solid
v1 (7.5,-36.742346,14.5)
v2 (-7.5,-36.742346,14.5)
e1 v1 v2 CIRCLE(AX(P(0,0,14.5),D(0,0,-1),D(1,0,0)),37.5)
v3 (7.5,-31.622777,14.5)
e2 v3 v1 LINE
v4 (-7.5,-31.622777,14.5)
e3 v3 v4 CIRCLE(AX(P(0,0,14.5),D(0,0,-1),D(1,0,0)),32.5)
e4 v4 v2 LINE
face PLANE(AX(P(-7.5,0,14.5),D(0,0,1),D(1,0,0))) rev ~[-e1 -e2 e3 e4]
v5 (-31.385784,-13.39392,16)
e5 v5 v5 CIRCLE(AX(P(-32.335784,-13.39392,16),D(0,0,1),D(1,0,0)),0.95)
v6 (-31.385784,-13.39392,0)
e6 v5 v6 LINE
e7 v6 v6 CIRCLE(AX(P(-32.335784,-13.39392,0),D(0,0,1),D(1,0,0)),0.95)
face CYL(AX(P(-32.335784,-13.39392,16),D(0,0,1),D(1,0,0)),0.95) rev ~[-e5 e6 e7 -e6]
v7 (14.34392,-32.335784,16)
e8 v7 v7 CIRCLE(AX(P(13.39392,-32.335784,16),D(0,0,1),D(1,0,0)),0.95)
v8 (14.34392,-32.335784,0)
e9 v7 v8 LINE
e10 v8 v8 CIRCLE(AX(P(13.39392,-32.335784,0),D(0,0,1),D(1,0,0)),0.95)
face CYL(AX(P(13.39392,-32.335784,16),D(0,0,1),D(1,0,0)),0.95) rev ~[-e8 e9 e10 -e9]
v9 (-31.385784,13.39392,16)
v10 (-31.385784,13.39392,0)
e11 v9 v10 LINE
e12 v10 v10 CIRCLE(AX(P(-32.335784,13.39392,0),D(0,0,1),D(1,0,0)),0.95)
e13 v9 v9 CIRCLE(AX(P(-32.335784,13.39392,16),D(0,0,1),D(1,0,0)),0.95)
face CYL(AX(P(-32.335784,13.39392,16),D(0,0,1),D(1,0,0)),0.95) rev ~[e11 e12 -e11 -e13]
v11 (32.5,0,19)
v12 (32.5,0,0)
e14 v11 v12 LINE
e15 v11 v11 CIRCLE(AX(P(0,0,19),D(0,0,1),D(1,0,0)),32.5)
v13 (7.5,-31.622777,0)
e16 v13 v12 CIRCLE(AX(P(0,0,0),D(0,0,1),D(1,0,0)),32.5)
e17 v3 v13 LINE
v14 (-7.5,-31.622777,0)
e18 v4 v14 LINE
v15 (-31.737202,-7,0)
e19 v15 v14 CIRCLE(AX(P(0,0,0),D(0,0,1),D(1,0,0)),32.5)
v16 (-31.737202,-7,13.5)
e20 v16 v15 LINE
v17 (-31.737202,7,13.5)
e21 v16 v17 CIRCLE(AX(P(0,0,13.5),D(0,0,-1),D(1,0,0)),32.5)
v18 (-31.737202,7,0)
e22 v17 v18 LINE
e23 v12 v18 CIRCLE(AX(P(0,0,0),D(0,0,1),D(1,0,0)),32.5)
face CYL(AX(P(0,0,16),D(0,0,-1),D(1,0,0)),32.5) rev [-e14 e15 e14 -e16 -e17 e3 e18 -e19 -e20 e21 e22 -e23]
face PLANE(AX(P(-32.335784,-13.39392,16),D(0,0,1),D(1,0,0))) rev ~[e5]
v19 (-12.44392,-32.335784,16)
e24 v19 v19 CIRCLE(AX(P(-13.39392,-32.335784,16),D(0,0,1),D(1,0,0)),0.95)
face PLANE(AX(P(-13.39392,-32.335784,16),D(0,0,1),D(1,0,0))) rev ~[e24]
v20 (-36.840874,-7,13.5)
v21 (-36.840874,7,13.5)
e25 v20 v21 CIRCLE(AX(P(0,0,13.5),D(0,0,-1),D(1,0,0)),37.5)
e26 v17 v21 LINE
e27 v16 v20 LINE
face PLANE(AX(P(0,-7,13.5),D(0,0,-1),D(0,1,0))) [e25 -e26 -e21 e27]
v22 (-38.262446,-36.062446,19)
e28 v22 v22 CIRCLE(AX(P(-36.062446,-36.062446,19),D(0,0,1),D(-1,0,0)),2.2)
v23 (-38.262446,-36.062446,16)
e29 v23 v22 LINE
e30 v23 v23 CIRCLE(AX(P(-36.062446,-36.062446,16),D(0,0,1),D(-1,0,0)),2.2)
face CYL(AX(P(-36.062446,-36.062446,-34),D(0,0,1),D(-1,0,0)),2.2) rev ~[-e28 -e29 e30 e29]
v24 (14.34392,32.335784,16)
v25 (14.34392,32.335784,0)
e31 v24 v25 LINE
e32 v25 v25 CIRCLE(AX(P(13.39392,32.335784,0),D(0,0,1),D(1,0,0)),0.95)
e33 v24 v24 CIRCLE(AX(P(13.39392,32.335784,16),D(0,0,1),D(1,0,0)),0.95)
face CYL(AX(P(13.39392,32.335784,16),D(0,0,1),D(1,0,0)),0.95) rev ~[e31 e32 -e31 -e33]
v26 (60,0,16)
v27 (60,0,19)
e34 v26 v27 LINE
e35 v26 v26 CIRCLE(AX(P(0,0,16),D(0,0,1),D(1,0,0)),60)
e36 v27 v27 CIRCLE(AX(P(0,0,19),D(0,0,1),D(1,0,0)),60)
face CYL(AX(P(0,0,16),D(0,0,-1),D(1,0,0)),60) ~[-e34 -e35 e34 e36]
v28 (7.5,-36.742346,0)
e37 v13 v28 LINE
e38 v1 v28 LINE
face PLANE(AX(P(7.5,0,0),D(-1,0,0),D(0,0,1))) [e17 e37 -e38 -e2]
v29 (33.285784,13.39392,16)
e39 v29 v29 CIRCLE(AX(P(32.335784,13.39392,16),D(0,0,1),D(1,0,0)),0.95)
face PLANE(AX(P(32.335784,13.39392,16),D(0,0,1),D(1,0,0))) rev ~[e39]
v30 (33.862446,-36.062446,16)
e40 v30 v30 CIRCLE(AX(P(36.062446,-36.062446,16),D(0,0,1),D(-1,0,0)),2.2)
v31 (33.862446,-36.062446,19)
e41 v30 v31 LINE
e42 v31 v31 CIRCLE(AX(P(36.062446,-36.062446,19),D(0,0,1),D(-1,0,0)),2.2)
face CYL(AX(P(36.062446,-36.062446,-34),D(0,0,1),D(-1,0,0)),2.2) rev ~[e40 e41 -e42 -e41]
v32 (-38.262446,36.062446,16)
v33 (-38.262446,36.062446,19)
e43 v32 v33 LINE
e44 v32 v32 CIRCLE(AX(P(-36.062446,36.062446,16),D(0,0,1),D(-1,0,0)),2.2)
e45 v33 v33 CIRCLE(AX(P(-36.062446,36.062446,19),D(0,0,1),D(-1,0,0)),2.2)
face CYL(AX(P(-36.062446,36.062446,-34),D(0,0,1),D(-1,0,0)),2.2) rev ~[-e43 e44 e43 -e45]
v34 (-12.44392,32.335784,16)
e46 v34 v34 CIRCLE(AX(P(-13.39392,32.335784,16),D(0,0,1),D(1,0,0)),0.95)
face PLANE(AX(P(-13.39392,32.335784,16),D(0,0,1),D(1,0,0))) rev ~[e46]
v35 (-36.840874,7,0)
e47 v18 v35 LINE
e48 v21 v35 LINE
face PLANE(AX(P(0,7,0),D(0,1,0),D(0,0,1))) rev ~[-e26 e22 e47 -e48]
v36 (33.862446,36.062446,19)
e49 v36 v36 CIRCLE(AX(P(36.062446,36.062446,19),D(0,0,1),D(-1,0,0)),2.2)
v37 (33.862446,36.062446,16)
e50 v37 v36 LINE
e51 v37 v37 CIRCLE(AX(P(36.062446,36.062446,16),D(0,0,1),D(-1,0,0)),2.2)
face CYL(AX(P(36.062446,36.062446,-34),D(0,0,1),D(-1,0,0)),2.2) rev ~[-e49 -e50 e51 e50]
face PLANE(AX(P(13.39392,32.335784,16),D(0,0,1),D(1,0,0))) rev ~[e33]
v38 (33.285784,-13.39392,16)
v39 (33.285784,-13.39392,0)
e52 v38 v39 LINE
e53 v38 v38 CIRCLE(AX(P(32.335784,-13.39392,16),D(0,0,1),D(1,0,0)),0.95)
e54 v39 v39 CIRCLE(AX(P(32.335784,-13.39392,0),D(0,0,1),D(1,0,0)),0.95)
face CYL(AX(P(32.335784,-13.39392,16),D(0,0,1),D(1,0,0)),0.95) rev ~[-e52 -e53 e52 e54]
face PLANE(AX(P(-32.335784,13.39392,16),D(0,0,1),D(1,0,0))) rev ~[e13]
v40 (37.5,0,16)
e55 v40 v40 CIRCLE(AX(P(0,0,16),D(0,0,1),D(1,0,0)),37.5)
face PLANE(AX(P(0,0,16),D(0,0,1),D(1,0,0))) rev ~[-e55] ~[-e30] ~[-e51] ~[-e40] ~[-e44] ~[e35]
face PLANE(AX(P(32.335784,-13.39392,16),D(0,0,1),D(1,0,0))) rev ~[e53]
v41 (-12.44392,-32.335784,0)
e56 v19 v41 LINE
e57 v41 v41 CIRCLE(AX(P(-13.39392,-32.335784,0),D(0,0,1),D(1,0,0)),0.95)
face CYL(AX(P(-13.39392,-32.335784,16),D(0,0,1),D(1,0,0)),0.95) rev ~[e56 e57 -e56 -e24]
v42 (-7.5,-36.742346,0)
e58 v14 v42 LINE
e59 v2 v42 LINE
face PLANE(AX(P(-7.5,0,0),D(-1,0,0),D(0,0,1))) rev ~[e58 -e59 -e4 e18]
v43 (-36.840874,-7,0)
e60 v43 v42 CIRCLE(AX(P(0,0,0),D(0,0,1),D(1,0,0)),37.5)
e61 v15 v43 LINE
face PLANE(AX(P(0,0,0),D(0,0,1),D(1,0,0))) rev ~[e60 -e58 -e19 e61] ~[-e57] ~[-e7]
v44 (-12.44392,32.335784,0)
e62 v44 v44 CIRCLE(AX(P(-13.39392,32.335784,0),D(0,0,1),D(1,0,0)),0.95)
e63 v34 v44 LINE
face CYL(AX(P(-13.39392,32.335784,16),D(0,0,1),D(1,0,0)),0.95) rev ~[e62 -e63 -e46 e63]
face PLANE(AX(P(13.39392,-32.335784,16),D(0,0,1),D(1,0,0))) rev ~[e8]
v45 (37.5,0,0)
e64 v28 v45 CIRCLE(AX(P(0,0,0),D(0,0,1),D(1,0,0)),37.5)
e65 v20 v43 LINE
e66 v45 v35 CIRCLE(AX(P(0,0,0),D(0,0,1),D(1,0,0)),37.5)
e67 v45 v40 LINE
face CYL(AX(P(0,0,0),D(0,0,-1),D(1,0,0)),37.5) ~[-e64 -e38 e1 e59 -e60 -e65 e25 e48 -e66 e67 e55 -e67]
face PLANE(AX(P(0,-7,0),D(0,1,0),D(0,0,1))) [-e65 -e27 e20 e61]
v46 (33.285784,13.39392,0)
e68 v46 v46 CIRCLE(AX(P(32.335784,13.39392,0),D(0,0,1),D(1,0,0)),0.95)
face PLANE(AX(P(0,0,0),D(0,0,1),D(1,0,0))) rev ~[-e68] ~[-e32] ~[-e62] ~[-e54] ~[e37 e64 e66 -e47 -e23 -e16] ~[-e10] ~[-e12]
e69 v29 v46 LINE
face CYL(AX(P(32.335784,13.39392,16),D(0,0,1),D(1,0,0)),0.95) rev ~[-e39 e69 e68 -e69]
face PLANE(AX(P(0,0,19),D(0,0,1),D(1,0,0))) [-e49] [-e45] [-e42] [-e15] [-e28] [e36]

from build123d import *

# Parameters (mm, degrees)
F0_R     = 37.5
F0_R_2   = 32.5
F1_DEPTH = 16
F2_W     = 14
F2_H     = 13.5
F3_DEPTH = 37.501
F4_W     = 15
F4_H     = 14.5
F5_DEPTH = 50
F6_R     = 60
F6_R_2   = 37.5
F6_R_3   = 32.5
F7_DEPTH = 3
F8_D     = 1.9
F8_DEPTH = 50
F8_TIP   = 0.5708175881
F9_D     = 4.4
F9_DEPTH = 50
F9_TIP   = 1.3218933619


with BuildPart() as f1:
    # F0 (on Top) → F1 (new body)
    with BuildSketch(Plane.XY):
        Circle(F0_R)
        Circle(F0_R_2, mode=Mode.SUBTRACT)
    extrude(amount=F1_DEPTH)

    # F2 (on Right) → F3 (cut, through all)
    with BuildSketch(Plane.YZ):
        with Locations((0, 6.75)):
            Rectangle(F2_W, F2_H)
    extrude(amount=-F3_DEPTH, mode=Mode.SUBTRACT)

    # F4 (on Front) → F5 (cut)
    with BuildSketch(Plane.XZ):
        with Locations((0, 7.25)):
            Rectangle(F4_W, F4_H)
    extrude(amount=F5_DEPTH, mode=Mode.SUBTRACT)

    # F6 (on face) → F7 (join)
    with BuildSketch(Plane.XY.offset(16)):
        Circle(F6_R)
        Circle(F6_R_2, mode=Mode.SUBTRACT)
        Circle(F6_R_2)
        Circle(F6_R_3, mode=Mode.SUBTRACT)
    extrude(amount=F7_DEPTH)

    # F8 (one way)
    with BuildSketch(Plane.XY.offset(16)):
        with Locations((32.3357836379, -13.3939201328), (13.3939201328, 32.3357836379), (-13.3939201328, -32.3357836379), (-32.3357836379, 13.3939201328), (-13.3939201328, 32.3357836379), (32.3357836379, 13.3939201328), (13.3939201328, -32.3357836379), (-32.3357836379, -13.3939201328)):
            Circle(F8_D / 2)
    extrude(amount=-F8_DEPTH, mode=Mode.SUBTRACT)
    with Locations(Plane.XY.offset(16)):
        with Locations((32.3357836379, -13.3939201328), (13.3939201328, 32.3357836379), (-13.3939201328, -32.3357836379), (-32.3357836379, 13.3939201328), (-13.3939201328, 32.3357836379), (32.3357836379, 13.3939201328), (13.3939201328, -32.3357836379), (-32.3357836379, -13.3939201328)):
            with Locations((0, 0, -(F8_DEPTH + F8_TIP / 2))):  # 118° drill point
                Cone(0, F8_D / 2, F8_TIP, mode=Mode.SUBTRACT)

    # F9
    with Locations(Plane(origin=(0, 0, 16), x_dir=(1, 0, 0), z_dir=(0, 0, -1))):
        with Locations((-36.0624458405, -36.0624458405), (36.0624458405, -36.0624458405), (36.0624458405, 36.0624458405), (-36.0624458405, 36.0624458405)):
            Hole(F9_D / 2, depth=F9_DEPTH)
            with Locations((0, 0, -(F9_DEPTH + F9_TIP / 2))):  # 118° drill point
                Cone(0, F9_D / 2, F9_TIP, mode=Mode.SUBTRACT)


solid = f1.part
